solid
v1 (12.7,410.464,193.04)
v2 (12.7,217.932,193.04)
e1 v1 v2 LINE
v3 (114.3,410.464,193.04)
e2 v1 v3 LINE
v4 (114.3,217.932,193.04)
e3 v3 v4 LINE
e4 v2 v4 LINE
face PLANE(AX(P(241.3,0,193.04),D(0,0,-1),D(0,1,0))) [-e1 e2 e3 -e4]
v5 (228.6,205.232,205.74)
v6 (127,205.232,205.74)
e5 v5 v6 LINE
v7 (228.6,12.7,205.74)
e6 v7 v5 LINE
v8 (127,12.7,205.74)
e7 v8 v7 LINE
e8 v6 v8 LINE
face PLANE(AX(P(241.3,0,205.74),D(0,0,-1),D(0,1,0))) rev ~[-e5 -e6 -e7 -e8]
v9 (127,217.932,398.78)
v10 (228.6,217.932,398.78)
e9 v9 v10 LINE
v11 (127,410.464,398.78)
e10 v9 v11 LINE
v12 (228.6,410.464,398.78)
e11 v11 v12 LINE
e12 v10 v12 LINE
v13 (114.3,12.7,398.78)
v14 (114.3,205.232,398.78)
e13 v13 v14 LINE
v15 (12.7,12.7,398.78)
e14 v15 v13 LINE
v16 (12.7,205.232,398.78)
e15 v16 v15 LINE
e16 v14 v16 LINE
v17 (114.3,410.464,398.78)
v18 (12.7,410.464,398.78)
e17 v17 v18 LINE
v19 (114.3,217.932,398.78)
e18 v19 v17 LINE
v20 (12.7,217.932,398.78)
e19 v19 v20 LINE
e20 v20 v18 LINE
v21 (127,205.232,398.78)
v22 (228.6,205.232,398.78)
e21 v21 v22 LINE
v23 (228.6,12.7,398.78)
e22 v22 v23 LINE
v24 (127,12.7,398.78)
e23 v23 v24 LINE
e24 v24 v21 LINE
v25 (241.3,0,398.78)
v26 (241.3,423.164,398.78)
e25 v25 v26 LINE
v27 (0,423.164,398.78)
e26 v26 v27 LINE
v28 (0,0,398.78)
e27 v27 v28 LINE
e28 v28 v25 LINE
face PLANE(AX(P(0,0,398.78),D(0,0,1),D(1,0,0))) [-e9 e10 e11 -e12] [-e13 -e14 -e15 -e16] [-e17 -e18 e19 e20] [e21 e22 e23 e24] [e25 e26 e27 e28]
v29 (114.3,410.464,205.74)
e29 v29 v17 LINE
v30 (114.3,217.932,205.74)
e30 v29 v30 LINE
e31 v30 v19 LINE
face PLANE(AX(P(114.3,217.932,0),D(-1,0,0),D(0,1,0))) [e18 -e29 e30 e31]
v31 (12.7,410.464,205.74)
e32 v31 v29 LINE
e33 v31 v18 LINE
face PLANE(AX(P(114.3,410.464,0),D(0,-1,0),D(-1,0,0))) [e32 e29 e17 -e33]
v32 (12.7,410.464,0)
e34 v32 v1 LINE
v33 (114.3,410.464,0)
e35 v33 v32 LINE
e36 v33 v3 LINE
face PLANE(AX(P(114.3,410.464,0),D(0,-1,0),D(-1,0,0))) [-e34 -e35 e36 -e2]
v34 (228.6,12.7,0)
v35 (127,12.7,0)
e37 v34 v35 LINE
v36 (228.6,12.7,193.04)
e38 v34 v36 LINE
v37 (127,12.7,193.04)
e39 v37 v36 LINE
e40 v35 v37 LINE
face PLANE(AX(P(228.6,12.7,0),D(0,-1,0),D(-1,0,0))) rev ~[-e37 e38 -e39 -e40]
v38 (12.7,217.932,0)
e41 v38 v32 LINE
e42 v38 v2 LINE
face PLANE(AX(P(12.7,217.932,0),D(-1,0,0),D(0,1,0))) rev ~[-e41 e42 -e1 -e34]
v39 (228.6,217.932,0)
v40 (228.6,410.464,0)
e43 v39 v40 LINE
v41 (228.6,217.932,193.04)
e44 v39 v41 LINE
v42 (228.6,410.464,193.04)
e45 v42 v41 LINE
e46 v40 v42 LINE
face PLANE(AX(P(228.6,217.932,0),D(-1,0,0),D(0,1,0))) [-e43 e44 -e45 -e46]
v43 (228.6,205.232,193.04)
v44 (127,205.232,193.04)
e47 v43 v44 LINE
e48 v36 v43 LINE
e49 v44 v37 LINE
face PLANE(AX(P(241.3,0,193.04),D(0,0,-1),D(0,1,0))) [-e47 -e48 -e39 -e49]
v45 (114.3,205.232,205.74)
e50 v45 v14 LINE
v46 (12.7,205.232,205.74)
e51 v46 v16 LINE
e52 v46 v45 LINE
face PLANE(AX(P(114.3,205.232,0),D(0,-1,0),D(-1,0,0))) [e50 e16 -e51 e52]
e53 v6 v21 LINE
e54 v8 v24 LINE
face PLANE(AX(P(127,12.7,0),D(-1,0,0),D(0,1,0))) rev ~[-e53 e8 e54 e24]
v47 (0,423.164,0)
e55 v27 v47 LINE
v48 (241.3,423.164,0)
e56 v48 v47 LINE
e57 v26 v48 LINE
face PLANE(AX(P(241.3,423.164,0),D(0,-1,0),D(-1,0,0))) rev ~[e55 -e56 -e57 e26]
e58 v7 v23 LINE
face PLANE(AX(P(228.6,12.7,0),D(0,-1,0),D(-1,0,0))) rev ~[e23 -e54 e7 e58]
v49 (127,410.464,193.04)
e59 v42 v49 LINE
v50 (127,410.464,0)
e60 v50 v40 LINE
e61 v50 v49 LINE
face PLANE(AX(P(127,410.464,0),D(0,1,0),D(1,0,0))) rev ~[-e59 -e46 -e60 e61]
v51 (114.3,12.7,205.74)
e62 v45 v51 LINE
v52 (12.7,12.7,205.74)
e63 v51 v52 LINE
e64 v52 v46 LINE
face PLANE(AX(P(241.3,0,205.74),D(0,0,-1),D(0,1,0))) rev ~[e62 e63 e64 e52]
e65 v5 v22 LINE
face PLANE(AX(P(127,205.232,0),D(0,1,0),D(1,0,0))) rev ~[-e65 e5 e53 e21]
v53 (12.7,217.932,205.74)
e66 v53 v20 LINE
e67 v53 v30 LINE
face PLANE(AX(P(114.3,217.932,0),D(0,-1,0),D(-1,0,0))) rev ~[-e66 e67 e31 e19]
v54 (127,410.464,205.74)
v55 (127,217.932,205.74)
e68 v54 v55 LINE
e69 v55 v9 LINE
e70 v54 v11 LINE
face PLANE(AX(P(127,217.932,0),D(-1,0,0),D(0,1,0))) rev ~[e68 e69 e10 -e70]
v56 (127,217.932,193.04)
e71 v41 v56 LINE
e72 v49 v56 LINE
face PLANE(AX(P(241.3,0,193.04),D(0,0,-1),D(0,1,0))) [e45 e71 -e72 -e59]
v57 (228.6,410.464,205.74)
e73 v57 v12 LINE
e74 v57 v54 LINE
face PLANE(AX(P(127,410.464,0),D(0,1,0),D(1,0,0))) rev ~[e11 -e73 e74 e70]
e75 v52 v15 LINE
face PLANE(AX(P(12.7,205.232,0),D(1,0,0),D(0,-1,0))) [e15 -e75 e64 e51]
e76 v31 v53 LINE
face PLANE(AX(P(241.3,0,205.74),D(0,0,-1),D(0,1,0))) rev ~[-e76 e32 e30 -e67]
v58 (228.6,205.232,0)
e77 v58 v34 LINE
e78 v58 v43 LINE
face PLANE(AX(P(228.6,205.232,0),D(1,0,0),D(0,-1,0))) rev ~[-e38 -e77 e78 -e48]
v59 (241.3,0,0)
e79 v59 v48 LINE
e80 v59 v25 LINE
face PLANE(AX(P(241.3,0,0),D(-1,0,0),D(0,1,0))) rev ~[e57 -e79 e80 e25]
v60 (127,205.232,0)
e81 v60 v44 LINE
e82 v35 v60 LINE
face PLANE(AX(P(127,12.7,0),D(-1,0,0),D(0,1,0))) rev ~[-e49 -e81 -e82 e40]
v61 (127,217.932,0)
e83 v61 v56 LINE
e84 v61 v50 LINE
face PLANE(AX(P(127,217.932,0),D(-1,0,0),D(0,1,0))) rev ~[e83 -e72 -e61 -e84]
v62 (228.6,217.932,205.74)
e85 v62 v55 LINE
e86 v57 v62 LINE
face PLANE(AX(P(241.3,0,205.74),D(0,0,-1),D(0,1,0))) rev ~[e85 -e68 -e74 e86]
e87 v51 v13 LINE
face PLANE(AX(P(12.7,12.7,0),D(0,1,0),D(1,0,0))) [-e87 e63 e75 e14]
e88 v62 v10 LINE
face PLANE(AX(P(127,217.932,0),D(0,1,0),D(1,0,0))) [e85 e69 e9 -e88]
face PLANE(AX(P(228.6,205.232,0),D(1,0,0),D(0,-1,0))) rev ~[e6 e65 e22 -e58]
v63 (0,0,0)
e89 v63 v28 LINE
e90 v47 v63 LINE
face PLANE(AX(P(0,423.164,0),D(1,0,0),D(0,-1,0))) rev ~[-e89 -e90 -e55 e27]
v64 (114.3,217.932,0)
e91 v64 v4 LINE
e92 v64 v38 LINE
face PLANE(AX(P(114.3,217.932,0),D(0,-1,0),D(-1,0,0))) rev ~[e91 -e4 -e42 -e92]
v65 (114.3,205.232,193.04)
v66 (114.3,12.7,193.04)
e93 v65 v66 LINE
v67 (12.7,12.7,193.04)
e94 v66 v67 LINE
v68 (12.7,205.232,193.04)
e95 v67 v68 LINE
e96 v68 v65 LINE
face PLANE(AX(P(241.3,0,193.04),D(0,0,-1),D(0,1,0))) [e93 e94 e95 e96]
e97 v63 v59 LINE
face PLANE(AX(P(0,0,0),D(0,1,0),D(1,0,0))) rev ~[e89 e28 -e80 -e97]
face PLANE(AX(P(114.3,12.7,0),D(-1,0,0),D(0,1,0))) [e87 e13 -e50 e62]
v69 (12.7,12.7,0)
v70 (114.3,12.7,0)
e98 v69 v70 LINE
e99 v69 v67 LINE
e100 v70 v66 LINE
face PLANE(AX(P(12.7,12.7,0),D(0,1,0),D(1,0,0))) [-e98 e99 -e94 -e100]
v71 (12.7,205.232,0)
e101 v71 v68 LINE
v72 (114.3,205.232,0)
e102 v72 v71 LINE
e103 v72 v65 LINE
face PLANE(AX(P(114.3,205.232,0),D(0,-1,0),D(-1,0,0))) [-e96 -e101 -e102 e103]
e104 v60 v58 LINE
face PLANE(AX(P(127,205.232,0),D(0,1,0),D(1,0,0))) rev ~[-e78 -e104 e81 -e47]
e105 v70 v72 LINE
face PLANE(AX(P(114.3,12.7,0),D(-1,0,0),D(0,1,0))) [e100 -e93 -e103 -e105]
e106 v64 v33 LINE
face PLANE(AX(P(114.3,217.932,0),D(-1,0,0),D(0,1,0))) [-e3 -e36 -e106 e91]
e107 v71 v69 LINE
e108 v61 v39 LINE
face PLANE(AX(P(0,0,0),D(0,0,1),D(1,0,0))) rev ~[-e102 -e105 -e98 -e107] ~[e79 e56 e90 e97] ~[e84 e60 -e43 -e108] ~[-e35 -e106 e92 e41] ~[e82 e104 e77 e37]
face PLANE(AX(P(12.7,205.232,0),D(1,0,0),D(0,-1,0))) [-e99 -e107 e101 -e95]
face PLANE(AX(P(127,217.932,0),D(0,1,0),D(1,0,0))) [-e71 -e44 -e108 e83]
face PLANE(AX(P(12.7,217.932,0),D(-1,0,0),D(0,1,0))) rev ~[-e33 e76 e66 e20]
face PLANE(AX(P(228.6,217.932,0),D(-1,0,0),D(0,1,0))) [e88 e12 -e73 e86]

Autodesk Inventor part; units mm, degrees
ref_plane "YZ Plane" through (0, 0, 0) normal (1, 0, 0) x (0, 1, 0)
ref_plane "XZ Plane" through (0, 0, 0) normal (0, 1, 0) x (-1, 0, 0)
ref_plane "XY Plane" through (0, 0, 0) normal (0, 0, 1) x (1, 0, 0)
sketch "Sketch1" plane through (0, 0, 0) normal (0, 0, 1) x (1, 0, 0)
  line L0 (0, 0) -> (241.3, 0)
  line L1 (241.3, 0) -> (241.3, 423.164)
  line L2 (241.3, 423.164) -> (0, 423.164)
  line L3 (0, 423.164) -> (0, 0)
  line L4 (120.65, 423.164) -> (120.65, 0) construction
  line L5 (241.3, 211.582) -> (0, 211.582) construction
  line L6 (159.3781, 211.582) -> (159.3781, 217.932) construction
  line L7 (120.65, 100.386) -> (127, 100.386) construction
  line L8 (196.0731, 0) -> (196.0731, 12.7) construction
  line L9 (142.6395, 423.164) -> (142.6395, 410.464) construction
  line L10 (127, 410.464) -> (228.6, 410.464)
  line L11 (127, 217.932) -> (228.6, 217.932)
  line L12 (228.6, 217.932) -> (228.6, 410.464)
  line L13 (241.3, 374.8885) -> (228.6, 374.8885) construction
  line L14 (174.8387, 211.582) -> (174.8387, 205.232) construction
  line L15 (127, 205.232) -> (228.6, 205.232)
  line L16 (228.6, 205.232) -> (228.6, 12.7)
  line L17 (228.6, 12.7) -> (127, 12.7)
  line L18 (127, 12.7) -> (127, 205.232)
  line L19 (127, 217.932) -> (127, 410.464)
  line L20 (81.9219, 211.582) -> (81.9219, 217.932) construction
  line L21 (114.3, 410.464) -> (12.7, 410.464)
  line L22 (114.3, 217.932) -> (12.7, 217.932)
  line L23 (12.7, 217.932) -> (12.7, 410.464)
  line L24 (66.4613, 211.582) -> (66.4613, 205.232) construction
  line L25 (114.3, 205.232) -> (12.7, 205.232)
  line L26 (12.7, 205.232) -> (12.7, 12.7)
  line L27 (12.7, 12.7) -> (114.3, 12.7)
  line L28 (114.3, 12.7) -> (114.3, 205.232)
  line L29 (114.3, 217.932) -> (114.3, 410.464)
  line L30 (120.65, 348.5591) -> (127, 348.5591) construction
  line L31 (228.6, 292.3608) -> (241.3, 292.3608) construction
  point P0 (45.2269, 12.7)
  point P1 (98.6605, 410.464)
  point P2 (12.7, 374.8885)
  dimension "d0" = 241.3
  dimension "d1" = 423.164
  dimension "d2" = 6.35
  dimension "d3" = 6.35
  dimension "d4" = 12.7
  dimension "d5" = 12.7
  dimension "d7" = 12.7
  dimension "d8" = 6.35
  dimension "d9" = 6.35
  dimension "d10" = 12.7
extrude "Extrusion1" add sketch "Sketch1" along normal blind 398.78
sketch "Sketch2" plane through (241.3, 0, 0) normal (1, 0, 0) x (0, 0, -1)
  line L0 (0, 423.164) -> (-398.78, 423.164) construction
  line L1 (-199.39, 423.164) -> (-199.39, 0) construction
  line L2 (-199.39, 394.9054) -> (-193.04, 394.9054) construction
  line L3 (0, 0) -> (-398.78, 0) projected
  line L4 (-193.04, 0) -> (-193.04, 423.164)
  line L5 (-205.74, 0) -> (-205.74, 423.164)
  line L6 (-205.74, 0) -> (-193.04, 0)
  line L7 (-205.74, 423.164) -> (-193.04, 423.164)
  dimension "d13" = 6.35
extrude "Extrusion2" add sketch "Sketch2" against normal blind 241.3
properties part number "batterycart skeleton"
